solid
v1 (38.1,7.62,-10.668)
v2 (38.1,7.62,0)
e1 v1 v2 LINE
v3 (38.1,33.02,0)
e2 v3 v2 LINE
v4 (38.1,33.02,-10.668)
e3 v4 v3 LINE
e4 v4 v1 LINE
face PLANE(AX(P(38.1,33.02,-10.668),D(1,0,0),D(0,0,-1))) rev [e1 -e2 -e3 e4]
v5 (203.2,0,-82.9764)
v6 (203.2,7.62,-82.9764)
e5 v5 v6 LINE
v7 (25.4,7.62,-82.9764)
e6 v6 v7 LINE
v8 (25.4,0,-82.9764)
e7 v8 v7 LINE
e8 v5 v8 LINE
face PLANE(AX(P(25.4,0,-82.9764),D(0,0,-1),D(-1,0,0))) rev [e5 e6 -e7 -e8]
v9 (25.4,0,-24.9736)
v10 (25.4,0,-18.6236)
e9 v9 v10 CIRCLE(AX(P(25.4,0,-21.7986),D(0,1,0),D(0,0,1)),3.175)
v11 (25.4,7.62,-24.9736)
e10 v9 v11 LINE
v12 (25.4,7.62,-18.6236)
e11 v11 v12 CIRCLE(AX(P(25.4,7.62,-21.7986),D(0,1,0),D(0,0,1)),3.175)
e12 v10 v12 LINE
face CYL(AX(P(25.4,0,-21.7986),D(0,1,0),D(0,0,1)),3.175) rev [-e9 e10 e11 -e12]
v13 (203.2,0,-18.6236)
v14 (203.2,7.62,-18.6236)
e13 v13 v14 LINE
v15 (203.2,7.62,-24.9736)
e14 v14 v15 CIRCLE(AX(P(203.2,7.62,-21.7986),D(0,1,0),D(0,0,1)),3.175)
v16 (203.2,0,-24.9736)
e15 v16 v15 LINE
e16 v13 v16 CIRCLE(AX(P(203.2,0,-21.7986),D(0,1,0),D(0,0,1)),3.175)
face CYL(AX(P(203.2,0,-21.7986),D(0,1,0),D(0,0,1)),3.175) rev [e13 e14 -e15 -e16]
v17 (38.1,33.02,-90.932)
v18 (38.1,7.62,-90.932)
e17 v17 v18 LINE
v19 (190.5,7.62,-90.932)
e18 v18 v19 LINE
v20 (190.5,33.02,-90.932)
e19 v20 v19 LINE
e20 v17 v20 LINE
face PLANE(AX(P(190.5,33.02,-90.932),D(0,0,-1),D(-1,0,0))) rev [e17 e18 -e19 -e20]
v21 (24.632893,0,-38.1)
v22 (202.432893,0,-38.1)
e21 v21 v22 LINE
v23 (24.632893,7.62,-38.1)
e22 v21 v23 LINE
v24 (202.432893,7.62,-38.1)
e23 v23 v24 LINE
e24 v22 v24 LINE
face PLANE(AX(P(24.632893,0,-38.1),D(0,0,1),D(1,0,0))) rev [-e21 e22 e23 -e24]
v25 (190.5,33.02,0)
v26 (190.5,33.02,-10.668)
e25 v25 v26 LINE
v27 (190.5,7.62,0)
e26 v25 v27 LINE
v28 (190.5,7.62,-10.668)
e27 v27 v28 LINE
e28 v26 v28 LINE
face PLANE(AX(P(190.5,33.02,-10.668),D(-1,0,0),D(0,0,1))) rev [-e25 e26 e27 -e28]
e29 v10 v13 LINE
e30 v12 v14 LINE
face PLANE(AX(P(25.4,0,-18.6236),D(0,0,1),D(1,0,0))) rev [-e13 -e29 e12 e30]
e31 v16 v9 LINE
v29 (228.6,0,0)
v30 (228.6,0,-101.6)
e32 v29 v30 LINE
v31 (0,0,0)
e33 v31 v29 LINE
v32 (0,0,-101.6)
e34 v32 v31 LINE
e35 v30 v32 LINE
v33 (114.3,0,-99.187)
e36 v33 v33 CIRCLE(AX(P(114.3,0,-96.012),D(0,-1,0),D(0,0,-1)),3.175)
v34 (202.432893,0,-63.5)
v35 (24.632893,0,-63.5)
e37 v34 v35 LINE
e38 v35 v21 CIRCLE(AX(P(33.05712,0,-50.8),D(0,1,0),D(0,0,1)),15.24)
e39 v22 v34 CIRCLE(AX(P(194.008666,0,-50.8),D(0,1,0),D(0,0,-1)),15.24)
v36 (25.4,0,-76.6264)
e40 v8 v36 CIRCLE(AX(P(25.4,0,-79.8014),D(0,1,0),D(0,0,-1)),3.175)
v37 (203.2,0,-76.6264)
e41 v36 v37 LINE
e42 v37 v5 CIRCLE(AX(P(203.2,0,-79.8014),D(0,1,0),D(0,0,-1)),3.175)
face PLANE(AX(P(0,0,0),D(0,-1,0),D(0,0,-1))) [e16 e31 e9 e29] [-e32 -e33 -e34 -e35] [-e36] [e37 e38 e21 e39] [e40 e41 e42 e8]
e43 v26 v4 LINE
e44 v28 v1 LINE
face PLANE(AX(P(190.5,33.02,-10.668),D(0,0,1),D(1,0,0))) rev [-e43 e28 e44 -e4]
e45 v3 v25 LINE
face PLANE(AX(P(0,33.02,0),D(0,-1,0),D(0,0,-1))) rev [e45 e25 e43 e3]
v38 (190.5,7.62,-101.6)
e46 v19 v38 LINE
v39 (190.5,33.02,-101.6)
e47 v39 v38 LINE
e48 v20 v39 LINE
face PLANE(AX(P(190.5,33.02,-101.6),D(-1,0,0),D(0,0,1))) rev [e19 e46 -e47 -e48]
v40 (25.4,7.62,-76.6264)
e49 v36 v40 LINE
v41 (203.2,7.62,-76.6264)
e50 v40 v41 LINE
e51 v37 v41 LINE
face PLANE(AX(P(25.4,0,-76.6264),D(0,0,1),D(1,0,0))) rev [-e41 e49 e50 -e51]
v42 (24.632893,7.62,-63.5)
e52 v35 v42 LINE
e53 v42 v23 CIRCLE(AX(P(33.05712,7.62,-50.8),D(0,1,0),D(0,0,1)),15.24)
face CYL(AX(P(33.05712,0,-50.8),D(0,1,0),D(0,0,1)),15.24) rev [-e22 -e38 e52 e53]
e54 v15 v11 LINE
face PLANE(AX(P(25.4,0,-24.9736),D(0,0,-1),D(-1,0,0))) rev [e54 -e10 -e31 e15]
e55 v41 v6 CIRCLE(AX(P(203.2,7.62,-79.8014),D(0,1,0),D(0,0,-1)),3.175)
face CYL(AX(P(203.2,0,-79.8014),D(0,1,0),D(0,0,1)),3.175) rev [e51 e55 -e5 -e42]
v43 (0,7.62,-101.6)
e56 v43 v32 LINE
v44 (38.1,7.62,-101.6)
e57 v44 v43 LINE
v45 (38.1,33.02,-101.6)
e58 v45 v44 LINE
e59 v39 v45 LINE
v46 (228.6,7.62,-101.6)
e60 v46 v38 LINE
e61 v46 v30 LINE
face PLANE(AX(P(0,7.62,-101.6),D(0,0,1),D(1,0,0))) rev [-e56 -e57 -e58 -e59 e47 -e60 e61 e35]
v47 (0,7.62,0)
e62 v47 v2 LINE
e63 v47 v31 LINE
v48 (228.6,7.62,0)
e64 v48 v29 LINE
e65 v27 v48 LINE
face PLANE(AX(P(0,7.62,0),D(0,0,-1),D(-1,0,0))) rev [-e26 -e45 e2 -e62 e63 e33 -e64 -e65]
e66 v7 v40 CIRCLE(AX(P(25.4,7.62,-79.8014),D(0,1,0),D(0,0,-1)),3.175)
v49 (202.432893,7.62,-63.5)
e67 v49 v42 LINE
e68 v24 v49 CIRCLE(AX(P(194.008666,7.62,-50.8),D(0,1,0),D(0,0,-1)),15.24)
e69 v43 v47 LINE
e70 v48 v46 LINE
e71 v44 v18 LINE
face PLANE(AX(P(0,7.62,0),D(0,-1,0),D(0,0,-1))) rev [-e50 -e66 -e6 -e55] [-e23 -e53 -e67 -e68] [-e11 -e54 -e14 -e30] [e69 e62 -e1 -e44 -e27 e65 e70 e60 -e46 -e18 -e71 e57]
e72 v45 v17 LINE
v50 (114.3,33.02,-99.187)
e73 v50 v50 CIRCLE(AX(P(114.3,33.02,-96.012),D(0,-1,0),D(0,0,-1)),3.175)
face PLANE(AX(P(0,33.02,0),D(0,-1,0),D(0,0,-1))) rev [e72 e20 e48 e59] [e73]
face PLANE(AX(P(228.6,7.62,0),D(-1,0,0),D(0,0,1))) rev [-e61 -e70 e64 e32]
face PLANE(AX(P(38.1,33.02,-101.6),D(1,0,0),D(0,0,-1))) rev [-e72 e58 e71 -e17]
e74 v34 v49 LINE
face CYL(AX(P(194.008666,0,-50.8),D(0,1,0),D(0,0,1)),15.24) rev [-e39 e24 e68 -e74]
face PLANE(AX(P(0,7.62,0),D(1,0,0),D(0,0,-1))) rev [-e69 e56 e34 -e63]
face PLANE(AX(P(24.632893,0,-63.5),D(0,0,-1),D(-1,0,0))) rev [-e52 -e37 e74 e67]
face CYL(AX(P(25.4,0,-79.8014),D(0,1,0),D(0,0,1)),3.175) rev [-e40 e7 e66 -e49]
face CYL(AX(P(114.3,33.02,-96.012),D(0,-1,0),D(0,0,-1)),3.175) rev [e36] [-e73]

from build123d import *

# Parameters (mm, degrees)
SKETCH2_W           = 228.6
SKETCH2_H           = 101.6
BOSS_EXTRUDE1_DEPTH = 7.62
SKETCH3_W           = 152.4
SKETCH3_H           = 10.668
BOSS_EXTRUDE2_DEPTH = 25.4
CUT_EXTRUDE1_DEPTH  = 8.62
CUT_EXTRUDE2_DEPTH  = 8.62
SKETCH6_R           = 3.175
CUT_EXTRUDE3_DEPTH  = 34.02


with BuildPart() as part:
    # Sketch2 → Boss-Extrude1 (new body)
    with BuildSketch(Plane(origin=(0, 0, 0), x_dir=(1, 0, 0), z_dir=(0, 1, 0))):
        with Locations((114.3, 50.8)):
            Rectangle(SKETCH2_W, SKETCH2_H)
    extrude(amount=BOSS_EXTRUDE1_DEPTH)

    # Sketch3 → Boss-Extrude2 (add)
    with BuildSketch(Plane(origin=(0, 7.62, 0), x_dir=(1, 0, 0), z_dir=(0, 1, 0))):
        with Locations((114.3, 5.334)):
            Rectangle(SKETCH3_W, SKETCH3_H)
        with Locations((114.3, 96.266)):
            Rectangle(SKETCH3_W, SKETCH3_H)
    extrude(amount=BOSS_EXTRUDE2_DEPTH)

    # Sketch4 → Cut-Extrude1 (cut, through all)
    with BuildSketch(Plane(origin=(0, 7.62, 0), x_dir=(1, 0, 0), z_dir=(0, 1, 0))):
        with BuildLine():
            Line((25.4, 24.973599875), (203.2, 24.973599875))
            ThreePointArc((203.2, 24.973599875), (206.375, 21.798599875), (203.2, 18.623599875))
            Line((203.2, 18.623599875), (25.4, 18.623599875))
            ThreePointArc((25.4, 18.623599875), (22.225, 21.798599875), (25.4, 24.973599875))
        make_face()
        with BuildLine():
            Line((25.4, 76.626400125), (203.2, 76.626400125))
            ThreePointArc((203.2, 76.626400125), (206.375, 79.801400125), (203.2, 82.976400125))
            Line((203.2, 82.976400125), (25.4, 82.976400125))
            ThreePointArc((25.4, 82.976400125), (22.225, 79.801400125), (25.4, 76.626400125))
        make_face()
    extrude(amount=-CUT_EXTRUDE1_DEPTH, mode=Mode.SUBTRACT)

    # Sketch5 → Cut-Extrude2 (cut, through all)
    with BuildSketch(Plane(origin=(0, 7.62, 0), x_dir=(1, 0, 0), z_dir=(0, 1, 0))):
        with BuildLine():
            Line((24.632893217, 63.5), (202.432893217, 63.5))
            ThreePointArc((202.432893217, 63.5), (209.248666249, 50.8), (202.432893217, 38.1))
            Line((202.432893217, 38.1), (24.632893217, 38.1))
            ThreePointArc((24.632893217, 38.1), (17.817120184, 50.8), (24.632893217, 63.5))
        make_face()
    extrude(amount=-CUT_EXTRUDE2_DEPTH, mode=Mode.SUBTRACT)

    # Sketch6 → Cut-Extrude3 (cut, through all)
    with BuildSketch(Plane.XZ):
        with Locations((114.3, -96.012)):
            Circle(SKETCH6_R)
    extrude(amount=-CUT_EXTRUDE3_DEPTH, mode=Mode.SUBTRACT)


solid = part.part
